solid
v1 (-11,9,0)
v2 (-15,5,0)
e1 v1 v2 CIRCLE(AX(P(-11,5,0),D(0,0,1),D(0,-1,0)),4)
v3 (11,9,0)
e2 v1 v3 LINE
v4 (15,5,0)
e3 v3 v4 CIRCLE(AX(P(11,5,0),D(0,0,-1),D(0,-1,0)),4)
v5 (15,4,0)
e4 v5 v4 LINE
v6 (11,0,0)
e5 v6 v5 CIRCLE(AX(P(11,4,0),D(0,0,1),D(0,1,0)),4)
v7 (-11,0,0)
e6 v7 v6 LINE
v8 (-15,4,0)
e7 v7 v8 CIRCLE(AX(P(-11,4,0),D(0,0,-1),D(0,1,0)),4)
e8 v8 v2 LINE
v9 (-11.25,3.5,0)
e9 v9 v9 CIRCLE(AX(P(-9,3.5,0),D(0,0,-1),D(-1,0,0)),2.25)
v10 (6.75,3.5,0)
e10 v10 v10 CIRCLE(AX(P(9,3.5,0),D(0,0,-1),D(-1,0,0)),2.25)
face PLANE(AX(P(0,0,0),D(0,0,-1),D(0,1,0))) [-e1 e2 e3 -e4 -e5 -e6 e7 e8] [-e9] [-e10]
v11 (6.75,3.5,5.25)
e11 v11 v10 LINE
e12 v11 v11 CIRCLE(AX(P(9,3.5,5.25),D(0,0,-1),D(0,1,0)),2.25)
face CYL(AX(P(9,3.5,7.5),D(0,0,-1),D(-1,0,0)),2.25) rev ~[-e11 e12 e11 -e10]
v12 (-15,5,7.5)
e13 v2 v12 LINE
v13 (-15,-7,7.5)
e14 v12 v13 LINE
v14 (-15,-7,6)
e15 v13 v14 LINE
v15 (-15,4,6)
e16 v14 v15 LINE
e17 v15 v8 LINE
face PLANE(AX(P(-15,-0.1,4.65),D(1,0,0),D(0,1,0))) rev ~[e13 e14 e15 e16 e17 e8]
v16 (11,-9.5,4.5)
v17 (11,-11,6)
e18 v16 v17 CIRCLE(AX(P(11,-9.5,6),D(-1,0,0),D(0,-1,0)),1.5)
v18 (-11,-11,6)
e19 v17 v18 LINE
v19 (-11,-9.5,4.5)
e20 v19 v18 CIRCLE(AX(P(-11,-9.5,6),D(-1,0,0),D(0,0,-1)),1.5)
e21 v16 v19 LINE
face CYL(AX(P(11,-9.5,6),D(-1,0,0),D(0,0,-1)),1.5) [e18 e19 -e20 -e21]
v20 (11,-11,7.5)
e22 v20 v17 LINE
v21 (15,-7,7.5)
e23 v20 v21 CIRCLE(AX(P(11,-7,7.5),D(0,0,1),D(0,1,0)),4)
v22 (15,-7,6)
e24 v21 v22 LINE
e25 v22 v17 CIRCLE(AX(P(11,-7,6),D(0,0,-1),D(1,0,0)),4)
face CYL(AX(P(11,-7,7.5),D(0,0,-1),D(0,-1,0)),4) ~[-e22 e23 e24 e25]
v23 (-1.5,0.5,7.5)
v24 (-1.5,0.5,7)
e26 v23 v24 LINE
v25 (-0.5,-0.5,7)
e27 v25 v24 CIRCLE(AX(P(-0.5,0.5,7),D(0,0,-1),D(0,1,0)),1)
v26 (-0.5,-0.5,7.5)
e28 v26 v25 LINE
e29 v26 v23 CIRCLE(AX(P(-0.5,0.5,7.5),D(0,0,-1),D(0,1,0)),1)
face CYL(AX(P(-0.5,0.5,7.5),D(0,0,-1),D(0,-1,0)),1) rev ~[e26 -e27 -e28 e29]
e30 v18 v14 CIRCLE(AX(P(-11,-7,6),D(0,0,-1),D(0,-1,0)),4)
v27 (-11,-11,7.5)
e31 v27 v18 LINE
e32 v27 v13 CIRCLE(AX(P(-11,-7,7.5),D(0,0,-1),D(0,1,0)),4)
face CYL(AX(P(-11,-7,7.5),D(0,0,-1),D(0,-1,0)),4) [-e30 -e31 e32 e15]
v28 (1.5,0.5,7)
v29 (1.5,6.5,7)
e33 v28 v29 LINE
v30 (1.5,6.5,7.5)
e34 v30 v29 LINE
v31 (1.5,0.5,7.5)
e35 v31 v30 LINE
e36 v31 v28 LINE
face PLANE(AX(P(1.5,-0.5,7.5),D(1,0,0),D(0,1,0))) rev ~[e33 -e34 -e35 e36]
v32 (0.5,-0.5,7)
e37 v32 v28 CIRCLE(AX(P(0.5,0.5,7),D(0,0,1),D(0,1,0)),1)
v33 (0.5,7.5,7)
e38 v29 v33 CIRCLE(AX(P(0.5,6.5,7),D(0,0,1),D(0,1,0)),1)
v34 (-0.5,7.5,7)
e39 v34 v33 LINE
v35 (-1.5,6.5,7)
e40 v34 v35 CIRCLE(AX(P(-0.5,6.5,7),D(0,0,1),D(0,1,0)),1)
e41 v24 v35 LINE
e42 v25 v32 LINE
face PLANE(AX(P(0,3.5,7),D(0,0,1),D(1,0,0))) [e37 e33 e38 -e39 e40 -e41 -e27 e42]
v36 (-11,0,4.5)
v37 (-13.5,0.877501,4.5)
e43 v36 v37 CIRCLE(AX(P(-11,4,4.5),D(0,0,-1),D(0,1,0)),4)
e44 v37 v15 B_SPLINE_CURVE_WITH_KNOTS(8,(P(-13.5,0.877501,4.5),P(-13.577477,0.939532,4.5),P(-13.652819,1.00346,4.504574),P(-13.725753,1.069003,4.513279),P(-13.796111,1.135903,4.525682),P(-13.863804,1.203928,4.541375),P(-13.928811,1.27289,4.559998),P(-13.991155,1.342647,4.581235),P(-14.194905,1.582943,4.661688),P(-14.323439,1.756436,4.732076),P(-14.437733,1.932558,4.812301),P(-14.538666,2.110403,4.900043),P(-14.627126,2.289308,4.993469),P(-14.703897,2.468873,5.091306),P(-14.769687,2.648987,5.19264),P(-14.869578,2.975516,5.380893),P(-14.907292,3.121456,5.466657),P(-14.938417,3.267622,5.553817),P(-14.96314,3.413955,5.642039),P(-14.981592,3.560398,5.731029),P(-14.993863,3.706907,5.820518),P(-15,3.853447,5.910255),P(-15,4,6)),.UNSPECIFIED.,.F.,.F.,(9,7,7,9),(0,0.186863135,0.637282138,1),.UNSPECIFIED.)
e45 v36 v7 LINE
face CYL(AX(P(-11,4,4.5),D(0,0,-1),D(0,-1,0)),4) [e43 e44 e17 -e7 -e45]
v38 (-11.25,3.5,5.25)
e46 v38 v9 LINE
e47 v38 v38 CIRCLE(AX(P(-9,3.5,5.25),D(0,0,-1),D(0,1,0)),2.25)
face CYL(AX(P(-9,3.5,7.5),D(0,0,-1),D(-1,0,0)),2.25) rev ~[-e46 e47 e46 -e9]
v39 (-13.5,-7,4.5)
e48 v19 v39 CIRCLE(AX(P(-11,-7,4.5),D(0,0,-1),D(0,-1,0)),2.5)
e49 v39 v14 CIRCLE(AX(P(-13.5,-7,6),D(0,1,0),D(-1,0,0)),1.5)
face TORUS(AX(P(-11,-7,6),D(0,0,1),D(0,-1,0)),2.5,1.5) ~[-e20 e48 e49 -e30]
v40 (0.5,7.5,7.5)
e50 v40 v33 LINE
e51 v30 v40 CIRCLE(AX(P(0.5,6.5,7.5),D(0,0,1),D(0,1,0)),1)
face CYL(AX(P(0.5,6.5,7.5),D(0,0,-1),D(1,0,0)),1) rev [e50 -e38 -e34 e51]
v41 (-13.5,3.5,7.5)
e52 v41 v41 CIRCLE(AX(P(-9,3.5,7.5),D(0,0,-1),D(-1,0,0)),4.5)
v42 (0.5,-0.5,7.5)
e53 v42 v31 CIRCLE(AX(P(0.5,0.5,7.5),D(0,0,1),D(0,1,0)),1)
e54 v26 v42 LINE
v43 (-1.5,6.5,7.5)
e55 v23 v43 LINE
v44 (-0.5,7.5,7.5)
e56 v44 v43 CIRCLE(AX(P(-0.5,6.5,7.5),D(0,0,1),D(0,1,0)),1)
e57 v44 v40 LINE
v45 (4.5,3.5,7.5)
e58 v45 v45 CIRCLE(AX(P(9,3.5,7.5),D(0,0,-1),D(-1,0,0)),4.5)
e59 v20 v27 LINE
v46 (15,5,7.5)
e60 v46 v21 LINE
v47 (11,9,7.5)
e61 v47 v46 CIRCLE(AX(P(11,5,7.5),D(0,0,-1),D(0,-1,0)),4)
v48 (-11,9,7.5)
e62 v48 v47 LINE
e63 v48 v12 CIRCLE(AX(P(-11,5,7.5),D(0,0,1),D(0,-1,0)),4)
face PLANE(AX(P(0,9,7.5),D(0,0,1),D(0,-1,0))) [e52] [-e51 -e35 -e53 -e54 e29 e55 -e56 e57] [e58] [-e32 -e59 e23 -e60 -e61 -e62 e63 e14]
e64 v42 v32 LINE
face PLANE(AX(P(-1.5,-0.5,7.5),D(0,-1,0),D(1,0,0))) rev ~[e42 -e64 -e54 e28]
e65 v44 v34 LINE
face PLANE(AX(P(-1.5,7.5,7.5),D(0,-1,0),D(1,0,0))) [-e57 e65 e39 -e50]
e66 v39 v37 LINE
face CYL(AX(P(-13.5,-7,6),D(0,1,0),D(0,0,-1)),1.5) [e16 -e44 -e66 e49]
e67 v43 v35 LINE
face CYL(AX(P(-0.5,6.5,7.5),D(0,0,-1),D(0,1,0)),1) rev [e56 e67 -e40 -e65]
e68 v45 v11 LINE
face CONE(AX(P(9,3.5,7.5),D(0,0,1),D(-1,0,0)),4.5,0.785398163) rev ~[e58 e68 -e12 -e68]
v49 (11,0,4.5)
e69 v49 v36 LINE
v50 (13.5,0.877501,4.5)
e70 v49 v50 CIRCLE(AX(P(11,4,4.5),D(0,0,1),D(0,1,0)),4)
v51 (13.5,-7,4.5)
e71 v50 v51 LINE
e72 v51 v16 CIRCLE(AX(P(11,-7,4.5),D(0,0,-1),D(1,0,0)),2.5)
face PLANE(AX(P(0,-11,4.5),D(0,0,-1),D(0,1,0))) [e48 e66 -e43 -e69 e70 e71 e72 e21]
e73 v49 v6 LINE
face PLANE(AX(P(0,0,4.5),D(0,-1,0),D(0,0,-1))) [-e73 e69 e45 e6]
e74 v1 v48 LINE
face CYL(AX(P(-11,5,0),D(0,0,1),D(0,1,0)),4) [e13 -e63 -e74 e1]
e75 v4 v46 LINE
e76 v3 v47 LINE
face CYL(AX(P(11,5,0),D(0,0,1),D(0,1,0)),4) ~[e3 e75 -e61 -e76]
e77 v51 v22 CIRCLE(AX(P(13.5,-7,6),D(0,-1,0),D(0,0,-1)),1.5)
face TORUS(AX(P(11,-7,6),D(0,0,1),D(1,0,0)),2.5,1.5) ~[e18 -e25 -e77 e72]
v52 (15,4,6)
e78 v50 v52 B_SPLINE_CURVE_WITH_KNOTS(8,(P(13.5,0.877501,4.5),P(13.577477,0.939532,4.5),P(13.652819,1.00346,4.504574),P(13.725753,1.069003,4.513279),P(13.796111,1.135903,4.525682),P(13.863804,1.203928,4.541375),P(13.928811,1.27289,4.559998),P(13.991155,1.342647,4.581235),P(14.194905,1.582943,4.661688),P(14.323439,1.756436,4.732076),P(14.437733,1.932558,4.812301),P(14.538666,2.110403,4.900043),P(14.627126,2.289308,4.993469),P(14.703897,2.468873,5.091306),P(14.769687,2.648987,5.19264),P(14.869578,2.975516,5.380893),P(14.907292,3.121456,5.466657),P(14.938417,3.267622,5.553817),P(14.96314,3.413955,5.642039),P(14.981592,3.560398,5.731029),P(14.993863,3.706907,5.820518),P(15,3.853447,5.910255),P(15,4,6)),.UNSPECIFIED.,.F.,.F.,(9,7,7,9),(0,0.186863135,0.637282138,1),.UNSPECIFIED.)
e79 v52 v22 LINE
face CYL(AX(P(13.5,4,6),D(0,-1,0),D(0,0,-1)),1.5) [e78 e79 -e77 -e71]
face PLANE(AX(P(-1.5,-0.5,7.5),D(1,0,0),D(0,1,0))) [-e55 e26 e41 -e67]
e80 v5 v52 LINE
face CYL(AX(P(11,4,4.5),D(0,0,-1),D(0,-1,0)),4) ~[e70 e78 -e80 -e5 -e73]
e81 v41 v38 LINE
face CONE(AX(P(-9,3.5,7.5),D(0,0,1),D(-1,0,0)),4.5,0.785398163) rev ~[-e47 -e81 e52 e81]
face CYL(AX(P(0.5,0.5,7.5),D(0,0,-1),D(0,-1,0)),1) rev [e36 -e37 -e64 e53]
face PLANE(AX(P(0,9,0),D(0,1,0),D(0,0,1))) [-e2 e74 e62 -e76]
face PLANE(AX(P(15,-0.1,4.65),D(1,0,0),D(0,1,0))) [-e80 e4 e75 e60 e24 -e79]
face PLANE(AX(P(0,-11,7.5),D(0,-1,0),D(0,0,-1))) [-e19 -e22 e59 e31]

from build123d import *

# Parameters (mm, degrees)
F1_DEPTH       = 15
F3_D           = 4.5
F3_CSINK_D     = 9
F3_CSINK_ANGLE = 90
F4_R           = 4
F5_R           = 1.5
F6_W           = 3
F6_H           = 8
F7_DEPTH       = 0.5
F8_R           = 1


with BuildPart() as f1:
    # F0 (on Right) → F1 (new body, symmetric)
    with BuildSketch(Plane.YZ):
        Polygon((0, 4.5), (0, 0), (9, 0), (9, 7.5), (-11, 7.5), (-11, 4.5), align=None)
    extrude(amount=F1_DEPTH, both=True)

    # F3 (through all)
    with Locations(Plane.XY.offset(7.5)):
        with Locations((-9, 3.5), (9, 3.5)):
            CounterSinkHole(F3_D / 2, F3_CSINK_D / 2, counter_sink_angle=F3_CSINK_ANGLE)

    # F4
    f4_edges = [f1.edges().sort_by_distance(p)[0] for p in [
        (15, -11, 6),
        (-15, -11, 6),
        (15, 0, 2.25),
        (-15, 0, 2.25),
        (-15, 9, 3.75),
        (15, 9, 3.75),
    ]]
    fillet(f4_edges, radius=F4_R)

    # F5
    f5_edges = [f1.edges().sort_by_distance(p)[0] for p in [
        (-15, -3.5, 4.5),
    ]]
    fillet(f5_edges, radius=F5_R)

    # F6 (on face) → F7 (cut)
    with BuildSketch(Plane.XY.offset(7.5)):
        with Locations((0, 3.5)):
            Rectangle(F6_W, F6_H)
    extrude(amount=-F7_DEPTH, mode=Mode.SUBTRACT)

    # F8
    f8_edges = [f1.edges().sort_by_distance(p)[0] for p in [
        (-1.5, 7.5, 7.25),
        (-1.5, -0.5, 7.25),
        (1.5, -0.5, 7.25),
        (1.5, 7.5, 7.25),
    ]]
    fillet(f8_edges, radius=F8_R)


solid = f1.part
